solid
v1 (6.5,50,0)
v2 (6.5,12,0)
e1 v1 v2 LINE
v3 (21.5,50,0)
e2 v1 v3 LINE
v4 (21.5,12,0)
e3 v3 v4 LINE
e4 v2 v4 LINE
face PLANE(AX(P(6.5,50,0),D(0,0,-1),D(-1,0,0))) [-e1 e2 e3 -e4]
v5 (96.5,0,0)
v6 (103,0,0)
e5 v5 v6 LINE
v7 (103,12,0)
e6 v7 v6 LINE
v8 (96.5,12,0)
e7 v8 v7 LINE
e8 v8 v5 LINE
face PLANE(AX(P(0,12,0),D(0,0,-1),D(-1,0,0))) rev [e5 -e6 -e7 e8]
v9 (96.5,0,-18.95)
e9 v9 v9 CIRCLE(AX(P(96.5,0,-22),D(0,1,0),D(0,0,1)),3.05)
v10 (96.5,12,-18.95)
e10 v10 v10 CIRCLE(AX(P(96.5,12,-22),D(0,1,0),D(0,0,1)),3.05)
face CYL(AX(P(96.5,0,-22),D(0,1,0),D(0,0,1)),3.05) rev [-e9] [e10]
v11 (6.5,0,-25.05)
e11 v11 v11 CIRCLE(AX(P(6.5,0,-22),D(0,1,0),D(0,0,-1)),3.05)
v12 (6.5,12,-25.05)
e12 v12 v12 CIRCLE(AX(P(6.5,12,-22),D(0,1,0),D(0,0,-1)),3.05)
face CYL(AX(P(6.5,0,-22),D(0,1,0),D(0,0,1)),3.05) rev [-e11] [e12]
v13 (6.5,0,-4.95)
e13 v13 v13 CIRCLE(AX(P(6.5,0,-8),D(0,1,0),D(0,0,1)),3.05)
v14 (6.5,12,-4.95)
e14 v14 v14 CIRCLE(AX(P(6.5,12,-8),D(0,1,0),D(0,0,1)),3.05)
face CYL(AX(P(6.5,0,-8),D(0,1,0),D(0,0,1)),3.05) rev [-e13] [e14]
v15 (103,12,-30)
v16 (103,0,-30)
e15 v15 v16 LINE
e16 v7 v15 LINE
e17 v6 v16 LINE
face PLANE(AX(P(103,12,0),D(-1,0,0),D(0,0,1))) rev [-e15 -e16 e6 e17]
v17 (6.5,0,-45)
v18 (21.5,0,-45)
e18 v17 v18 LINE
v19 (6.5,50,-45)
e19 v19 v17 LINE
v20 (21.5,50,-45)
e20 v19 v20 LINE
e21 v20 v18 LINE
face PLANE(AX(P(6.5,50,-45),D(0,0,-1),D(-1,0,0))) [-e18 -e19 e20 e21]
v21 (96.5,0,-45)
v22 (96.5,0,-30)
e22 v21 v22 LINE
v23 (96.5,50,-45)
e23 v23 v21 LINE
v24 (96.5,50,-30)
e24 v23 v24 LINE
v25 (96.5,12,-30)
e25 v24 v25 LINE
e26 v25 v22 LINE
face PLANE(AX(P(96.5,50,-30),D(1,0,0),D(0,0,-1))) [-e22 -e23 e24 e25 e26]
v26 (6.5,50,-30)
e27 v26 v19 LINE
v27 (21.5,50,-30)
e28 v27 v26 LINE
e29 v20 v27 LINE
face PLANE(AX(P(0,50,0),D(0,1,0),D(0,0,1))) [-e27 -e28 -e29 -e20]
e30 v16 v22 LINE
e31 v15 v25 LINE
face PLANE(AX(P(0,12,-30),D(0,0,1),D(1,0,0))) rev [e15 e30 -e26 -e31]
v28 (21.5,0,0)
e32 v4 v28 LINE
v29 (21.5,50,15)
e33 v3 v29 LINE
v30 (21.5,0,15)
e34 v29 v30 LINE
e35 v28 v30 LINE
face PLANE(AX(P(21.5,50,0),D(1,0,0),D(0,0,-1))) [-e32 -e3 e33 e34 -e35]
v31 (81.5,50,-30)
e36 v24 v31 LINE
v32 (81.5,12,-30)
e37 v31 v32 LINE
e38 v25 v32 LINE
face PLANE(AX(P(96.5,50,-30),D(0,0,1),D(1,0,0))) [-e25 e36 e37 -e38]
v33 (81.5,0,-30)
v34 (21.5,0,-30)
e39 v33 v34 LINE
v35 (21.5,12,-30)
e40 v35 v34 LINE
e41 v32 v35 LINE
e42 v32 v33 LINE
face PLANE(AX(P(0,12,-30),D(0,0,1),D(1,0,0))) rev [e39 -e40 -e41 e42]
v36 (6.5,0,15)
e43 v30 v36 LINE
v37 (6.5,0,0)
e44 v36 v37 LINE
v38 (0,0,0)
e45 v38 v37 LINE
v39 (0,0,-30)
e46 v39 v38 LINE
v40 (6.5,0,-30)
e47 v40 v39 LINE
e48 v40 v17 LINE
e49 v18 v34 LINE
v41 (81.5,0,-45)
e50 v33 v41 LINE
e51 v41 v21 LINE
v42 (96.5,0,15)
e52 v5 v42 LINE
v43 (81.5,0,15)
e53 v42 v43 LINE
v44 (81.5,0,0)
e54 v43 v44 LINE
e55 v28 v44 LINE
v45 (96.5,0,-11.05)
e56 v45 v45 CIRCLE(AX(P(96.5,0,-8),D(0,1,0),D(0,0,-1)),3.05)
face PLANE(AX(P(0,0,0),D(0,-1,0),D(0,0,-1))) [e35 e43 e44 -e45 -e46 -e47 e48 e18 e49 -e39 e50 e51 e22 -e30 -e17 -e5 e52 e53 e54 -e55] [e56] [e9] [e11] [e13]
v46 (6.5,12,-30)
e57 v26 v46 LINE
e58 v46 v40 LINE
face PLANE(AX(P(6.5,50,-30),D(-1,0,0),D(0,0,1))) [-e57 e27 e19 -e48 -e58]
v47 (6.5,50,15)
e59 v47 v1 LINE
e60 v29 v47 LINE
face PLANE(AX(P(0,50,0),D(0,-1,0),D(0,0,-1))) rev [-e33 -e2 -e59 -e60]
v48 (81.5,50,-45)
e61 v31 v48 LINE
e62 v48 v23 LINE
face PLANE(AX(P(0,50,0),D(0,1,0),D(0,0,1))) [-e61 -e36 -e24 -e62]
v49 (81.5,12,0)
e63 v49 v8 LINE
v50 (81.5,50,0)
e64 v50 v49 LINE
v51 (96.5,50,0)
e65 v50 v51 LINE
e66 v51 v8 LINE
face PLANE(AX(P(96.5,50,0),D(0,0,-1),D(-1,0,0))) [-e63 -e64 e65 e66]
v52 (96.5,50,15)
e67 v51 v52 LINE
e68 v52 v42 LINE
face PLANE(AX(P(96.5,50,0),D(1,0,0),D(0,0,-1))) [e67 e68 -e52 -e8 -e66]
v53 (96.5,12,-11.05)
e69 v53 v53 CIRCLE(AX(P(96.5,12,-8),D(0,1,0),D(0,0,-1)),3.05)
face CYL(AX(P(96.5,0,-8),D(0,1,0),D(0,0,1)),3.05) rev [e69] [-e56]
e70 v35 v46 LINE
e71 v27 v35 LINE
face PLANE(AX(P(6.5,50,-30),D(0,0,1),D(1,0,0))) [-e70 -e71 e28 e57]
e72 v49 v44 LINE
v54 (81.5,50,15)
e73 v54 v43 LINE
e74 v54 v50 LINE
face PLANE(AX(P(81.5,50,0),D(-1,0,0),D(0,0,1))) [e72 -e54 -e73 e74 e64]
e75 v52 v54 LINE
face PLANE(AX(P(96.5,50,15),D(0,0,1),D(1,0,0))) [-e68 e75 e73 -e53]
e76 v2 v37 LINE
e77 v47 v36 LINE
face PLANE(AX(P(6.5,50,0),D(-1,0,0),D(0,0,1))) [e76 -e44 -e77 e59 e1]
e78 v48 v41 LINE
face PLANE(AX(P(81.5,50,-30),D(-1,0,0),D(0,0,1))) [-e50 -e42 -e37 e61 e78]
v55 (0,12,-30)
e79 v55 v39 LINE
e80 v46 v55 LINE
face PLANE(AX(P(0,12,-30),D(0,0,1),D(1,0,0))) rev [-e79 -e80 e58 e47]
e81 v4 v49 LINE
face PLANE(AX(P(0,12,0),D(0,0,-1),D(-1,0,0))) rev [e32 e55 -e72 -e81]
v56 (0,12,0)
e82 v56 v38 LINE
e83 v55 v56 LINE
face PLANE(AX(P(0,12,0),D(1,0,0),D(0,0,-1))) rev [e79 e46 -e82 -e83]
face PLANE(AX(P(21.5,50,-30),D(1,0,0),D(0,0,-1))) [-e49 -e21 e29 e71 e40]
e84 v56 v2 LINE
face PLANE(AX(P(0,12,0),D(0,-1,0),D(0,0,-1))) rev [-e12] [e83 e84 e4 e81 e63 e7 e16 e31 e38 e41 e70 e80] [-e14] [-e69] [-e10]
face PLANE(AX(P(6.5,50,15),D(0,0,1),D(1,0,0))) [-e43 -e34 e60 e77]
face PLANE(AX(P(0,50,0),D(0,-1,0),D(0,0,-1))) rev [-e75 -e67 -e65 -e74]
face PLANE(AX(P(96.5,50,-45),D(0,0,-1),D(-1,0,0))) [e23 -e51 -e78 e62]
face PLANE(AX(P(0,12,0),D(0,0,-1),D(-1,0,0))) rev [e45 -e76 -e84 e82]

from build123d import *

# Parameters (mm, degrees)
SKETCH1_W           = 103
SKETCH1_H           = 30
BOSS_EXTRUDE1_DEPTH = 12
SKETCH2_R           = 3.05
CUT_EXTRUDE1_DEPTH  = 12
SKETCH4_W           = 15
SKETCH4_H           = 15
BOSS_EXTRUDE3_DEPTH = 50


with BuildPart() as part:
    # Sketch1 → Boss-Extrude1 (new body)
    with BuildSketch(Plane(origin=(0, 0, 0), x_dir=(1, 0, 0), z_dir=(0, 1, 0))):
        with Locations((51.5, 15)):
            Rectangle(SKETCH1_W, SKETCH1_H)
    extrude(amount=BOSS_EXTRUDE1_DEPTH)

    # Sketch2 → Cut-Extrude1 (cut)
    with BuildSketch(Plane(origin=(0, 12, 0), x_dir=(1, 0, 0), z_dir=(0, 1, 0))):
        with Locations(Location((6.5, 8, 0), (0, 0, 270))):
            Circle(SKETCH2_R)
        with Locations(Location((6.5, 22, 0), (0, 0, 90))):
            Circle(SKETCH2_R)
        with Locations(Location((96.5, 8, 0), (0, 0, 90))):
            Circle(SKETCH2_R)
        with Locations(Location((96.5, 22, 0), (0, 0, 270))):
            Circle(SKETCH2_R)
    extrude(amount=-CUT_EXTRUDE1_DEPTH, mode=Mode.SUBTRACT)

    # Sketch4 → Boss-Extrude3 (add)
    with BuildSketch(Plane.XZ):
        with Locations((89, 7.5)):
            Rectangle(SKETCH4_W, SKETCH4_H)
        with Locations((89, -37.5)):
            Rectangle(SKETCH4_W, SKETCH4_H)
        with Locations((14, -37.5)):
            Rectangle(SKETCH4_W, SKETCH4_H)
        with Locations((14, 7.5)):
            Rectangle(SKETCH4_W, SKETCH4_H)
    extrude(amount=-BOSS_EXTRUDE3_DEPTH)


solid = part.part
